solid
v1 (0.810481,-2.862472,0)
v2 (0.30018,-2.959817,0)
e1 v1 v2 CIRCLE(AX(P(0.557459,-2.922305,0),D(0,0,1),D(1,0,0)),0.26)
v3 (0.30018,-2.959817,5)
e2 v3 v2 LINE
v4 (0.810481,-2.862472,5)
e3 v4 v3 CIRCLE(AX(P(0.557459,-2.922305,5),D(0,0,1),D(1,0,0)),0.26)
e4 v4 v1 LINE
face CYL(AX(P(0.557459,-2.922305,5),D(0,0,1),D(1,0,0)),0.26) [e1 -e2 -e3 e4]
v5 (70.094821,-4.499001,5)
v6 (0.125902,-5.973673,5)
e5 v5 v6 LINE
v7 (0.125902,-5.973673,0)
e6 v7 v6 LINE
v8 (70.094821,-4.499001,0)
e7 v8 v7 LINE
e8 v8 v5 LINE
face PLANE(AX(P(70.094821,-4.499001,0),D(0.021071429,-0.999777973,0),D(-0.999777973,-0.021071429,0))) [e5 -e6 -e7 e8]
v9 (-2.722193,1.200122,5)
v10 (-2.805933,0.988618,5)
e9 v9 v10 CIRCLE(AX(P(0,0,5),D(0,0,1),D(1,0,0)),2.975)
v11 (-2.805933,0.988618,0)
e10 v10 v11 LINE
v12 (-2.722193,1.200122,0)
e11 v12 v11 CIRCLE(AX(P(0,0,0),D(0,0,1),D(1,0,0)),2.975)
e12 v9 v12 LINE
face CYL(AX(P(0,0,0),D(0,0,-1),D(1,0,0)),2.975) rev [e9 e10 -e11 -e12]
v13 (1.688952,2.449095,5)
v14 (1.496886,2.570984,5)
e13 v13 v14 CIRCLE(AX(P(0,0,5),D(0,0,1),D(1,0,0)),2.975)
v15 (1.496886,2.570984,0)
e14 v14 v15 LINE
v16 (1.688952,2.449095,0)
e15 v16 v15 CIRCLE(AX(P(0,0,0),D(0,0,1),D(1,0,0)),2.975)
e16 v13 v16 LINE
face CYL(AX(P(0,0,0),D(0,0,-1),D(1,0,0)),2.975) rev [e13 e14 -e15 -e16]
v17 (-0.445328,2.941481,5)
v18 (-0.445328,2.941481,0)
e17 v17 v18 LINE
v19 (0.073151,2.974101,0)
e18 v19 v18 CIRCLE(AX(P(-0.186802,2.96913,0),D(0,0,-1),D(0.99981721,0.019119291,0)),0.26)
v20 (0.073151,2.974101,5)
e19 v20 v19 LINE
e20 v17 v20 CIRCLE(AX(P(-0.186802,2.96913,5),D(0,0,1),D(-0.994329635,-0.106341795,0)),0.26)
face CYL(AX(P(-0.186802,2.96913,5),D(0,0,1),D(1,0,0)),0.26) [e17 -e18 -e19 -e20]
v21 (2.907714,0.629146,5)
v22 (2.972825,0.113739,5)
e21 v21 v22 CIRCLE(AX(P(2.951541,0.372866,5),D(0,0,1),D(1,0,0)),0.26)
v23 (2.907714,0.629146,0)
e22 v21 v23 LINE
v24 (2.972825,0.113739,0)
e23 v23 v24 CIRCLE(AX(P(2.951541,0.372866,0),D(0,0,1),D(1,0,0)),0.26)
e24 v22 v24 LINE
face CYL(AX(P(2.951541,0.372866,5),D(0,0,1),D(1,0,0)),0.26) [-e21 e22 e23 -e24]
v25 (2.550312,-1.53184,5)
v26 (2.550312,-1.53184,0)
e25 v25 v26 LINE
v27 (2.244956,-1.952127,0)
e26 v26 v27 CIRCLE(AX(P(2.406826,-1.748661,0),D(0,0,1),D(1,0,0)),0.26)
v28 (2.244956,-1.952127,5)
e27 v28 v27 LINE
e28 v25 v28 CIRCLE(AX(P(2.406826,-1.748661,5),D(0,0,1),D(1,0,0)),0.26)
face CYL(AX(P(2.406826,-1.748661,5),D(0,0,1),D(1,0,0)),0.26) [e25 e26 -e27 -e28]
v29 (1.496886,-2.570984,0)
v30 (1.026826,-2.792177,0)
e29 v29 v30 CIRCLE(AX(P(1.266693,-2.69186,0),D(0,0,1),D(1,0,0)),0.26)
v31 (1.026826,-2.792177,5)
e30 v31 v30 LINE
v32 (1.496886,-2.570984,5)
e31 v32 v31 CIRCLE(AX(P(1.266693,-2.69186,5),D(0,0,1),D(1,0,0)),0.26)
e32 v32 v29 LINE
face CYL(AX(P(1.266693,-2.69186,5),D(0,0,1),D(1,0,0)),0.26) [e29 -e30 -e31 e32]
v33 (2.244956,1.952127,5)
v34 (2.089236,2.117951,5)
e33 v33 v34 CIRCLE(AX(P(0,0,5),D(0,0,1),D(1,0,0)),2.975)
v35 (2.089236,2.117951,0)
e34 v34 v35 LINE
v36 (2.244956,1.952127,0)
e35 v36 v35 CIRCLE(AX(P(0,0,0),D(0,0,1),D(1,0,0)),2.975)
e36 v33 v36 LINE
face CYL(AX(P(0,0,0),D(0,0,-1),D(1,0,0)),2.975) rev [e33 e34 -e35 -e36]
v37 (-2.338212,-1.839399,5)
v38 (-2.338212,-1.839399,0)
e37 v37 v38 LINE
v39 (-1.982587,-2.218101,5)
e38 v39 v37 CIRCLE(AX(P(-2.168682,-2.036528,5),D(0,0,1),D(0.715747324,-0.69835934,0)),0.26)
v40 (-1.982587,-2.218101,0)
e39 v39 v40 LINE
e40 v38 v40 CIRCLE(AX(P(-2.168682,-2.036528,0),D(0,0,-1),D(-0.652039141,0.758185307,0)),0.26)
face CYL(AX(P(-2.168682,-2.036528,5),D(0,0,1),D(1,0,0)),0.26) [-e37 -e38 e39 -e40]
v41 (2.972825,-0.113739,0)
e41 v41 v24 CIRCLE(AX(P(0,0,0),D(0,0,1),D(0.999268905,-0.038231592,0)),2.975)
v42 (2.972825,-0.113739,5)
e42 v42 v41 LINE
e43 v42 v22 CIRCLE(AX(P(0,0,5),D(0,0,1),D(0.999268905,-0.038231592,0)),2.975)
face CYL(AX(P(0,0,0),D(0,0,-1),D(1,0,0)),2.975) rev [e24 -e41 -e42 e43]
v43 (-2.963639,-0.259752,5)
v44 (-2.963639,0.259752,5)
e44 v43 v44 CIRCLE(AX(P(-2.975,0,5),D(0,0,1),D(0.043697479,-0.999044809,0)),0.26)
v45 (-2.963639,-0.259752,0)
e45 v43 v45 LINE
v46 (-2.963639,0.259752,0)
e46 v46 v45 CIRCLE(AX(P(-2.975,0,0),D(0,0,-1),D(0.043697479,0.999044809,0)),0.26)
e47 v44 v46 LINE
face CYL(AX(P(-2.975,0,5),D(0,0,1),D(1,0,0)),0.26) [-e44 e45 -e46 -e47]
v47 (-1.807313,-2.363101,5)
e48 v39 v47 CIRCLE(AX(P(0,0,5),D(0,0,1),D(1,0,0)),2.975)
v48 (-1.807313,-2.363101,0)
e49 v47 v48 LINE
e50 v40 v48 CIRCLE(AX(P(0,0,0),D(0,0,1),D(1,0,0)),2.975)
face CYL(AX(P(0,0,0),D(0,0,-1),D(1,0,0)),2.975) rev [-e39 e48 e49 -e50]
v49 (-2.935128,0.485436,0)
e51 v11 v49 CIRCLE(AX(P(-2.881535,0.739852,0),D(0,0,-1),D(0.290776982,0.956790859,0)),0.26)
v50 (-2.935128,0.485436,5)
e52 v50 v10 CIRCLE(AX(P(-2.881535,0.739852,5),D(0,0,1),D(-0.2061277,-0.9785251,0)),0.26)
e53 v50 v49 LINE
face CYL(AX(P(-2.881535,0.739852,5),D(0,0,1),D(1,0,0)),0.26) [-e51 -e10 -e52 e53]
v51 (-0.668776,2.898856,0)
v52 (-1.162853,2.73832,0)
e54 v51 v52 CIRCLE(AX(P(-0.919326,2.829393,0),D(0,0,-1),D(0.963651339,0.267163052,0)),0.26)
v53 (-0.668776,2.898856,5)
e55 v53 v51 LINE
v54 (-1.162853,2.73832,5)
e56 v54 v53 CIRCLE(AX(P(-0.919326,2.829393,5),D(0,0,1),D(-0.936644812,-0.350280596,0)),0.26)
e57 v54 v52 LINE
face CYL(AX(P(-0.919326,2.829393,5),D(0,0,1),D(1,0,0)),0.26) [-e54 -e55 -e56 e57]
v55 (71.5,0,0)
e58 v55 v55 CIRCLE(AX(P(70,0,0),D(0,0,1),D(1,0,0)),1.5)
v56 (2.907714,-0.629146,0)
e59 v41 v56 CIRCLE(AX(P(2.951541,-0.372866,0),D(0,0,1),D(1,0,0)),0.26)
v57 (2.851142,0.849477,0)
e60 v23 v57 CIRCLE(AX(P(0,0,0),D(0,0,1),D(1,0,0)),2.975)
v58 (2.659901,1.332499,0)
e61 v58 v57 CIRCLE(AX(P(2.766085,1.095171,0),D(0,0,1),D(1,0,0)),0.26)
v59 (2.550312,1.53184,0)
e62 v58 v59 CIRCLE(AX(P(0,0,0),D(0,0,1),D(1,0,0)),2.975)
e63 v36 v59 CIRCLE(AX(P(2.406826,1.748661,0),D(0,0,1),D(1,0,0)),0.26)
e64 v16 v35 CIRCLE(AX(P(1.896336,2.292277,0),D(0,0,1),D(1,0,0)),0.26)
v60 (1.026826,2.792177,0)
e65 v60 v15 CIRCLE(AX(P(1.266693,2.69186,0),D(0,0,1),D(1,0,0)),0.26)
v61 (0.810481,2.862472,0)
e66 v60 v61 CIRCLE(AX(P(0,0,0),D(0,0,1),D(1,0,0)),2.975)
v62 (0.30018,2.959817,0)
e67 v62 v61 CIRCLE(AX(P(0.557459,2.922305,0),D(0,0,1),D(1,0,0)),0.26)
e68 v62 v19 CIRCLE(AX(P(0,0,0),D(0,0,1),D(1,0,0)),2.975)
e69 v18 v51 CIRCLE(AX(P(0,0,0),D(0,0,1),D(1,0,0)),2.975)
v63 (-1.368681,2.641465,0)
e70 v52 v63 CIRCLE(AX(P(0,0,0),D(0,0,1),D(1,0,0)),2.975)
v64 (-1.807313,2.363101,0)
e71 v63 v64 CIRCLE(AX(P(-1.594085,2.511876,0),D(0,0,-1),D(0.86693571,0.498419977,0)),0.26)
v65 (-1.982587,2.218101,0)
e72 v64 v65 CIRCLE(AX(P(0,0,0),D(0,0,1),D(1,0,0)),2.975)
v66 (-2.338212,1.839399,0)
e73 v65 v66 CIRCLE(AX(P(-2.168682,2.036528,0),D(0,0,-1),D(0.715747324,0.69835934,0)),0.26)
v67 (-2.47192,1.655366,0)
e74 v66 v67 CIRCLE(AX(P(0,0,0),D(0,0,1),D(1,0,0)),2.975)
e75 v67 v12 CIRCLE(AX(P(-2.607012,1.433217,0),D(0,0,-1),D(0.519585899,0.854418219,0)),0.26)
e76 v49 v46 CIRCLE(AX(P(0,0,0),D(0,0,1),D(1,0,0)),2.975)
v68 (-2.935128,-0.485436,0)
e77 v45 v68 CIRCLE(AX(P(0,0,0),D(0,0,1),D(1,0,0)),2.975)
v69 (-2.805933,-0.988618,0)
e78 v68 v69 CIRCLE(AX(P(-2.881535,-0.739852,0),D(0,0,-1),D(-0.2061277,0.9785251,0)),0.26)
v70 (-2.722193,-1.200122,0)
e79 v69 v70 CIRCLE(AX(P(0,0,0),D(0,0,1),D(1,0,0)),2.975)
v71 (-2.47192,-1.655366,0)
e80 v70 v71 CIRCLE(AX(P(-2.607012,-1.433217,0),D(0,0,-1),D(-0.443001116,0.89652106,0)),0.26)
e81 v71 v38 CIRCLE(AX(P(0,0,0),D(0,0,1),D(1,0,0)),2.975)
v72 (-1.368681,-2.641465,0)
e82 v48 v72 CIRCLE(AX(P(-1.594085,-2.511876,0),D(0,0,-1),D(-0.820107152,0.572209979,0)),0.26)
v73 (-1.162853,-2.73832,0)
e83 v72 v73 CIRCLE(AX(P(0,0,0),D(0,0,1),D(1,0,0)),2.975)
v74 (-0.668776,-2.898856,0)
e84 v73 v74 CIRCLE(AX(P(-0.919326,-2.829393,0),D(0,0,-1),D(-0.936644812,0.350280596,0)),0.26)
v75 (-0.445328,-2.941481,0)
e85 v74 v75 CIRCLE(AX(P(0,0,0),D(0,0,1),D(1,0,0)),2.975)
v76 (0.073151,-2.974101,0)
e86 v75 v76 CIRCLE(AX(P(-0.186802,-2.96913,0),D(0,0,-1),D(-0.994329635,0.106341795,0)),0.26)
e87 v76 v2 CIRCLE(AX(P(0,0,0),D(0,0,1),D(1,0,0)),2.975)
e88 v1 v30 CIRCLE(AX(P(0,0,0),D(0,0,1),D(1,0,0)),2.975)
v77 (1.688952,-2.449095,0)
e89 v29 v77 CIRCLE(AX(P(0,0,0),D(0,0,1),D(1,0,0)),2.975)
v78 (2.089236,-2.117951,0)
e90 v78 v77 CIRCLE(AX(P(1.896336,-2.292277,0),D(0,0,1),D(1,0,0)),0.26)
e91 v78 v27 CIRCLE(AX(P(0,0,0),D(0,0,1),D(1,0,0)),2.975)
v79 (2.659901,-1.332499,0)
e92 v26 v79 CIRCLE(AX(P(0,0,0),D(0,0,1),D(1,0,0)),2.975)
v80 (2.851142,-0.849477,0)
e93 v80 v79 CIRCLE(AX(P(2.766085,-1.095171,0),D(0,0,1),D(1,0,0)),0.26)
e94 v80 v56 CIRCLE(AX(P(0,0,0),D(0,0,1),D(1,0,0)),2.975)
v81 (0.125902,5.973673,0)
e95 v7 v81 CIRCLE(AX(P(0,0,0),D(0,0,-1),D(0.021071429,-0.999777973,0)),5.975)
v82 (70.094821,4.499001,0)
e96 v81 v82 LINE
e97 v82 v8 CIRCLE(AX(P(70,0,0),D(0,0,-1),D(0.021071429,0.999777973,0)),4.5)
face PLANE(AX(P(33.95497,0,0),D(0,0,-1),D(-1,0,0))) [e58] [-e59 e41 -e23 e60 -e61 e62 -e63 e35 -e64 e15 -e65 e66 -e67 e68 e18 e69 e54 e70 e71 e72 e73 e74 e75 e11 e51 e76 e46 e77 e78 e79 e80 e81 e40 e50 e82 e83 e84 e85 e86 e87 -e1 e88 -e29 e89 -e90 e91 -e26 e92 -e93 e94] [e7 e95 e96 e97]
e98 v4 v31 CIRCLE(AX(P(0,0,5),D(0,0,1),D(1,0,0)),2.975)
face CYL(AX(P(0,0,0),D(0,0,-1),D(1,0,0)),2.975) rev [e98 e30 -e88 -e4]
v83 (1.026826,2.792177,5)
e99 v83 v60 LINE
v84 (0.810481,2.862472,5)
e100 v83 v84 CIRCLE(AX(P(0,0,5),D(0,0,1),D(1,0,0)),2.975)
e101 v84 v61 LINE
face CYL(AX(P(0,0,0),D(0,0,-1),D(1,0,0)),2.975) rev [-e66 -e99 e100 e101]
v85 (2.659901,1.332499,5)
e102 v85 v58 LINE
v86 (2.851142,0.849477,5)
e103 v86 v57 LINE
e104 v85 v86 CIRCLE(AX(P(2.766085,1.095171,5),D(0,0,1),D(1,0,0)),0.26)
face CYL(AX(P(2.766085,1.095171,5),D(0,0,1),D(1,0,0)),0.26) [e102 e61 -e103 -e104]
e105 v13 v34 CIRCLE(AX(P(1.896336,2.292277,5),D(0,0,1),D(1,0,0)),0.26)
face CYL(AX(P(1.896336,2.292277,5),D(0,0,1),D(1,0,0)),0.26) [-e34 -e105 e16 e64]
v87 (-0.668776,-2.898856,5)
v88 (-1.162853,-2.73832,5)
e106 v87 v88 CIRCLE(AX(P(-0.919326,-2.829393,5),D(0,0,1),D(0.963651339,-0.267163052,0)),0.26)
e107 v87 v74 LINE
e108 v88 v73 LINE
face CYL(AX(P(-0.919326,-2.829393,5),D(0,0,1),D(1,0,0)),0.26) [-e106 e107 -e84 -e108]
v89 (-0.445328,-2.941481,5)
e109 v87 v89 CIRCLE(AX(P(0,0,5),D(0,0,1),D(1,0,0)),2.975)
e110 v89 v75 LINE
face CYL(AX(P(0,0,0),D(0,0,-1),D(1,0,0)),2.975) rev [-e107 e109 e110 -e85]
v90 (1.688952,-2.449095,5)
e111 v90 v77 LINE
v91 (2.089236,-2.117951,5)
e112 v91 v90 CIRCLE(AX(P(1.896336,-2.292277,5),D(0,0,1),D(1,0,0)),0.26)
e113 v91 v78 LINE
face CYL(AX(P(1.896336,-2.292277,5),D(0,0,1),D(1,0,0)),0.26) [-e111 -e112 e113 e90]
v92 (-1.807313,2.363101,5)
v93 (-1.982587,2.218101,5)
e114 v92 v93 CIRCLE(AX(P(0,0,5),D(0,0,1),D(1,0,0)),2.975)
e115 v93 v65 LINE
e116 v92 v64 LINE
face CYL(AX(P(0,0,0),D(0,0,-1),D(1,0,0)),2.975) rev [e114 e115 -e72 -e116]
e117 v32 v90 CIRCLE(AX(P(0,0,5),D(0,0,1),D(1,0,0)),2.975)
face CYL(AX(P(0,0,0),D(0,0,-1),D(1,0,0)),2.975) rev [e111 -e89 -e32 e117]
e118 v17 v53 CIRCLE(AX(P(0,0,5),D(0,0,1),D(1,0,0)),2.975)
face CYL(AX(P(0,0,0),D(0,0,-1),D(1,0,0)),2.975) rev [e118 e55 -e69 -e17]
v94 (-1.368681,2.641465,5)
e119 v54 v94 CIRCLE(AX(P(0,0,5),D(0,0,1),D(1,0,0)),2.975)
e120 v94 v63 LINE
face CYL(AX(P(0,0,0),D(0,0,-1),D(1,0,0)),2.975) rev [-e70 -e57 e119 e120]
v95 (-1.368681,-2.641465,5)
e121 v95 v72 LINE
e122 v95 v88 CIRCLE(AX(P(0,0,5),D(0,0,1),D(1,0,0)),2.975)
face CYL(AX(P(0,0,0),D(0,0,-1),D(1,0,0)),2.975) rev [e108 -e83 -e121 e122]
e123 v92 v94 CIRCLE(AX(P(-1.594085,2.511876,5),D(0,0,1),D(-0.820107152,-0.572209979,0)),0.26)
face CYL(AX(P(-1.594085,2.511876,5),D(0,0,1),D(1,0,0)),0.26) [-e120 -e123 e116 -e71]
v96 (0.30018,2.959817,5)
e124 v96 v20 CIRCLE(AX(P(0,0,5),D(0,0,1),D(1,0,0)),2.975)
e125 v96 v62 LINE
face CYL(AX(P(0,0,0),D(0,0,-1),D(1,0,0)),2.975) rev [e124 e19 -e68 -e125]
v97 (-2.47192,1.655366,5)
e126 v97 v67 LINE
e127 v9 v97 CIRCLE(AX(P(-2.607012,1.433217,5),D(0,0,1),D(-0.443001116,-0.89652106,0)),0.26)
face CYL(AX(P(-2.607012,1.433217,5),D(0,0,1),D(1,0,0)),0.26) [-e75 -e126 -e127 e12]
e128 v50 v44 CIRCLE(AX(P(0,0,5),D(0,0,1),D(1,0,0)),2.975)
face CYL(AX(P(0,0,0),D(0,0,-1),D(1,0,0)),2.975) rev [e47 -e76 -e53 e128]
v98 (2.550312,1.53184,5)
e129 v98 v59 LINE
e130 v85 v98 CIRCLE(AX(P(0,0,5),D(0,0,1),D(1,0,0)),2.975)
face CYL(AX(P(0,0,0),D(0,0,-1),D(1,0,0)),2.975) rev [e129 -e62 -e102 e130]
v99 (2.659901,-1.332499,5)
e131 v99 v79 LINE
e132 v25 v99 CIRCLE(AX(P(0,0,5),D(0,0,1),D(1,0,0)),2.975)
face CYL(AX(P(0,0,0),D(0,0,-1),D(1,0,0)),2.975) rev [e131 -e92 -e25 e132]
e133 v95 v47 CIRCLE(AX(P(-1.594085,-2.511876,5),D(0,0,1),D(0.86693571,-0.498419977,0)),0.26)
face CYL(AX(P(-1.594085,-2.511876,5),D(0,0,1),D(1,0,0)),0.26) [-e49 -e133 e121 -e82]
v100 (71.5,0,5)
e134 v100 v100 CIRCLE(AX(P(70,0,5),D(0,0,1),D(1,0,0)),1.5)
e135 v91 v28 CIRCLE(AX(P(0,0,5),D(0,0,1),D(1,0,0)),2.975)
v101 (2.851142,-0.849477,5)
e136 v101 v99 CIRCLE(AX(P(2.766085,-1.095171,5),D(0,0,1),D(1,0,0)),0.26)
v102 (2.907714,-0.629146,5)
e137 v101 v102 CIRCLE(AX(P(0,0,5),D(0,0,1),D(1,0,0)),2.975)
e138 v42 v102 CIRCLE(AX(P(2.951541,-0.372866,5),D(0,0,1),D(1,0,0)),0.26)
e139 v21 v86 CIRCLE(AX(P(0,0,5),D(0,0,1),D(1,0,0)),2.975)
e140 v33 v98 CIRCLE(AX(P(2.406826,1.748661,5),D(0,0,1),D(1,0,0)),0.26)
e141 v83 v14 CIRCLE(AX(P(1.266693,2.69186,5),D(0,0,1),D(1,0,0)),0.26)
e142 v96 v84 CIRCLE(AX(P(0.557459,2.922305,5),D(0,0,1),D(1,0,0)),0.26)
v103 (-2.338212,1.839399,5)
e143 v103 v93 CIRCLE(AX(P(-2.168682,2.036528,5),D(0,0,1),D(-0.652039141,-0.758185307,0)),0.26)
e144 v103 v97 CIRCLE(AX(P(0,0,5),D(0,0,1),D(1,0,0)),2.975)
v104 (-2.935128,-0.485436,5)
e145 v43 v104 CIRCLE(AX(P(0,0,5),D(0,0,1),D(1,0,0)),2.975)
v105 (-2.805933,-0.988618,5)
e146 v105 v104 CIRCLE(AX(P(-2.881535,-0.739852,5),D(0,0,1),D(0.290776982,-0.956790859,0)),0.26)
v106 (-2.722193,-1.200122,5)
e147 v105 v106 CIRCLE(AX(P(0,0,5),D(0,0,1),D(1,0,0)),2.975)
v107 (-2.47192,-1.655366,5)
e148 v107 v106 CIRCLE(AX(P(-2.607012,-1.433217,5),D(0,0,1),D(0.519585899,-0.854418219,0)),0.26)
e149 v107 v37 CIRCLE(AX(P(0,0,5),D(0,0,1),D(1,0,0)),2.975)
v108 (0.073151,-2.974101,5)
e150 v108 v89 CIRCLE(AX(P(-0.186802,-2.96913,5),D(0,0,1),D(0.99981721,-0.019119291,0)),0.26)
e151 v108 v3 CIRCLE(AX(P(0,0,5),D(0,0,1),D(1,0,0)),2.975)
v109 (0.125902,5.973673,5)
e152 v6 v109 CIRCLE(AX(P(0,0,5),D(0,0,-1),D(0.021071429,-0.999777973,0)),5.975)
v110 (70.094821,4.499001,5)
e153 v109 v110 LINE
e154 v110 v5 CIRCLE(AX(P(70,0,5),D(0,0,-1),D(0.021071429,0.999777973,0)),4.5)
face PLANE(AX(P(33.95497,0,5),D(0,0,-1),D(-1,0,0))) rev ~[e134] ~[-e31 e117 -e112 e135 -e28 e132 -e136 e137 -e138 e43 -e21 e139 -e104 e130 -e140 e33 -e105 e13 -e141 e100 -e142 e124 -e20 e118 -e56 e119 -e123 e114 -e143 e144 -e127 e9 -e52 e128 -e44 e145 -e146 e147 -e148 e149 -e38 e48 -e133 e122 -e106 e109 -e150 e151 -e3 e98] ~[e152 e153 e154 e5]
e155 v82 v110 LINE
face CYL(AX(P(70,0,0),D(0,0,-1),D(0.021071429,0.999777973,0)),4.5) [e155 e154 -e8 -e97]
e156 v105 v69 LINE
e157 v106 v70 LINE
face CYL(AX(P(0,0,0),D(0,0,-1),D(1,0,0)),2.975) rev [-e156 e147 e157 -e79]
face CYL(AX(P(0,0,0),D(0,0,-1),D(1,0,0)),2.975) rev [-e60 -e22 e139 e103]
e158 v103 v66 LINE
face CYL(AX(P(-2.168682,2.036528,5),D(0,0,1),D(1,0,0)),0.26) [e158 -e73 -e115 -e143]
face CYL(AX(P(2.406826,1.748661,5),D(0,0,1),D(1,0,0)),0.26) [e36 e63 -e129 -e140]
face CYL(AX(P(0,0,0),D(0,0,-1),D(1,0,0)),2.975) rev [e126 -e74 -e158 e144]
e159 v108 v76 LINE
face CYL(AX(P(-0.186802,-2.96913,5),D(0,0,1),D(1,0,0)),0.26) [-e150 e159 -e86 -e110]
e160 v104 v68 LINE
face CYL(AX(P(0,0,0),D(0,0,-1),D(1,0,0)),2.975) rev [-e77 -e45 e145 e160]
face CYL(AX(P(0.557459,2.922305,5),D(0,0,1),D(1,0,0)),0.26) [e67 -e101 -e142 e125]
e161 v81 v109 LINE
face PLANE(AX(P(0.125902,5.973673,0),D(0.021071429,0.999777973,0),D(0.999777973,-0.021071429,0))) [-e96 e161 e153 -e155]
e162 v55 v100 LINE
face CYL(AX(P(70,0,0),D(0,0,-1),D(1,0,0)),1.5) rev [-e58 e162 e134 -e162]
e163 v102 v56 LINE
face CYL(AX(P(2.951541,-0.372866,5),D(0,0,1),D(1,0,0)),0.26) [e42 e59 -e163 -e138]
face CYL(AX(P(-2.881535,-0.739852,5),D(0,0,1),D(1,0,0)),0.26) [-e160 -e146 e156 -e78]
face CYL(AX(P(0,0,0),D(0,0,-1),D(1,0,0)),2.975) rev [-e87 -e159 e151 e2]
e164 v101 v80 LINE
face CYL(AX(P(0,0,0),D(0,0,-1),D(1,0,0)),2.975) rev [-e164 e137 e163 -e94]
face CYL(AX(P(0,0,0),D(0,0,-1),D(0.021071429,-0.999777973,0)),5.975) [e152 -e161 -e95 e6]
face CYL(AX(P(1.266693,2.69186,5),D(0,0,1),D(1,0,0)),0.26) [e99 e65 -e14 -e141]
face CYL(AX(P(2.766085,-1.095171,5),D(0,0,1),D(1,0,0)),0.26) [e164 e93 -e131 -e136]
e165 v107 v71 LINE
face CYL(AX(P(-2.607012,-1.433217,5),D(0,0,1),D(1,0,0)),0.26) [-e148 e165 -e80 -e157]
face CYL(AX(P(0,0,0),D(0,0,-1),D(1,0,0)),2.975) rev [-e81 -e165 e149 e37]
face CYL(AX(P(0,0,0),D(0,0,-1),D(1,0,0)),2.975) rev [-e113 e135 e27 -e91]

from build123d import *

# Parameters (mm, degrees)
ESQUISSE1_R        = 2.975
ESQUISSE1_R_2      = 1.5
BOSS_EXTRU_1_DEPTH = 5
ESQUISSE2_R        = 0.26
BOSS_EXTRU_2_DEPTH = 5


with BuildPart() as part:
    # Esquisse1 → Boss.-Extru.1 (new body)
    with BuildSketch(Plane.XY):
        with BuildLine():
            Line((0.125901786, 5.973673387), (70.094821429, 4.499000878))
            ThreePointArc((70.094821429, 4.499000878), (74.5, 0), (70.094821429, -4.499000878))
            Line((70.094821429, -4.499000878), (0.125901786, -5.973673387))
            ThreePointArc((0.125901786, -5.973673387), (-5.975, 0), (0.125901786, 5.973673387))
        make_face()
        Circle(ESQUISSE1_R, mode=Mode.SUBTRACT)
        with Locations((70, 0)):
            Circle(ESQUISSE1_R_2, mode=Mode.SUBTRACT)
    extrude(amount=BOSS_EXTRU_1_DEPTH)

    # Esquisse2 → Boss.-Extru.2 (add)
    with BuildSketch(Plane.XY.offset(5)):
        with Locations((2.951541236, 0.37286637)):
            Circle(ESQUISSE2_R)
        with Locations((2.951541236, -0.37286637)):
            Circle(ESQUISSE2_R)
        with Locations((2.766085046, -1.095170544)):
            Circle(ESQUISSE2_R)
        with Locations((2.406825558, -1.748661126)):
            Circle(ESQUISSE2_R)
        with Locations((1.89633637, -2.292276897)):
            Circle(ESQUISSE2_R)
        with Locations((1.266693392, -2.691860481)):
            Circle(ESQUISSE2_R)
        with Locations((0.557459411, -2.922304571)):
            Circle(ESQUISSE2_R)
        with Locations((-0.186801796, -2.969129517)):
            Circle(ESQUISSE2_R)
        with Locations((-0.919325558, -2.829393136)):
            Circle(ESQUISSE2_R)
        with Locations((-1.594084715, -2.511875578)):
            Circle(ESQUISSE2_R)
        with Locations((-2.168681667, -2.03652764)):
            Circle(ESQUISSE2_R)
        with Locations((-2.607012373, -1.43321718)):
            Circle(ESQUISSE2_R)
        with Locations((-2.881534904, -0.739852414)):
            Circle(ESQUISSE2_R)
        with Locations((-2.975, 0)):
            Circle(ESQUISSE2_R)
        with Locations((-2.881534904, 0.739852414)):
            Circle(ESQUISSE2_R)
        with Locations((-2.607012373, 1.43321718)):
            Circle(ESQUISSE2_R)
        with Locations((-2.168681667, 2.03652764)):
            Circle(ESQUISSE2_R)
        with Locations((-1.594084715, 2.511875578)):
            Circle(ESQUISSE2_R)
        with Locations((-0.919325558, 2.829393136)):
            Circle(ESQUISSE2_R)
        with Locations((-0.186801796, 2.969129517)):
            Circle(ESQUISSE2_R)
        with Locations((0.557459411, 2.922304571)):
            Circle(ESQUISSE2_R)
        with Locations((1.266693392, 2.691860481)):
            Circle(ESQUISSE2_R)
        with Locations((1.89633637, 2.292276897)):
            Circle(ESQUISSE2_R)
        with Locations((2.406825558, 1.748661126)):
            Circle(ESQUISSE2_R)
        with Locations((2.766085046, 1.095170544)):
            Circle(ESQUISSE2_R)
    extrude(amount=-BOSS_EXTRU_2_DEPTH)


solid = part.part
